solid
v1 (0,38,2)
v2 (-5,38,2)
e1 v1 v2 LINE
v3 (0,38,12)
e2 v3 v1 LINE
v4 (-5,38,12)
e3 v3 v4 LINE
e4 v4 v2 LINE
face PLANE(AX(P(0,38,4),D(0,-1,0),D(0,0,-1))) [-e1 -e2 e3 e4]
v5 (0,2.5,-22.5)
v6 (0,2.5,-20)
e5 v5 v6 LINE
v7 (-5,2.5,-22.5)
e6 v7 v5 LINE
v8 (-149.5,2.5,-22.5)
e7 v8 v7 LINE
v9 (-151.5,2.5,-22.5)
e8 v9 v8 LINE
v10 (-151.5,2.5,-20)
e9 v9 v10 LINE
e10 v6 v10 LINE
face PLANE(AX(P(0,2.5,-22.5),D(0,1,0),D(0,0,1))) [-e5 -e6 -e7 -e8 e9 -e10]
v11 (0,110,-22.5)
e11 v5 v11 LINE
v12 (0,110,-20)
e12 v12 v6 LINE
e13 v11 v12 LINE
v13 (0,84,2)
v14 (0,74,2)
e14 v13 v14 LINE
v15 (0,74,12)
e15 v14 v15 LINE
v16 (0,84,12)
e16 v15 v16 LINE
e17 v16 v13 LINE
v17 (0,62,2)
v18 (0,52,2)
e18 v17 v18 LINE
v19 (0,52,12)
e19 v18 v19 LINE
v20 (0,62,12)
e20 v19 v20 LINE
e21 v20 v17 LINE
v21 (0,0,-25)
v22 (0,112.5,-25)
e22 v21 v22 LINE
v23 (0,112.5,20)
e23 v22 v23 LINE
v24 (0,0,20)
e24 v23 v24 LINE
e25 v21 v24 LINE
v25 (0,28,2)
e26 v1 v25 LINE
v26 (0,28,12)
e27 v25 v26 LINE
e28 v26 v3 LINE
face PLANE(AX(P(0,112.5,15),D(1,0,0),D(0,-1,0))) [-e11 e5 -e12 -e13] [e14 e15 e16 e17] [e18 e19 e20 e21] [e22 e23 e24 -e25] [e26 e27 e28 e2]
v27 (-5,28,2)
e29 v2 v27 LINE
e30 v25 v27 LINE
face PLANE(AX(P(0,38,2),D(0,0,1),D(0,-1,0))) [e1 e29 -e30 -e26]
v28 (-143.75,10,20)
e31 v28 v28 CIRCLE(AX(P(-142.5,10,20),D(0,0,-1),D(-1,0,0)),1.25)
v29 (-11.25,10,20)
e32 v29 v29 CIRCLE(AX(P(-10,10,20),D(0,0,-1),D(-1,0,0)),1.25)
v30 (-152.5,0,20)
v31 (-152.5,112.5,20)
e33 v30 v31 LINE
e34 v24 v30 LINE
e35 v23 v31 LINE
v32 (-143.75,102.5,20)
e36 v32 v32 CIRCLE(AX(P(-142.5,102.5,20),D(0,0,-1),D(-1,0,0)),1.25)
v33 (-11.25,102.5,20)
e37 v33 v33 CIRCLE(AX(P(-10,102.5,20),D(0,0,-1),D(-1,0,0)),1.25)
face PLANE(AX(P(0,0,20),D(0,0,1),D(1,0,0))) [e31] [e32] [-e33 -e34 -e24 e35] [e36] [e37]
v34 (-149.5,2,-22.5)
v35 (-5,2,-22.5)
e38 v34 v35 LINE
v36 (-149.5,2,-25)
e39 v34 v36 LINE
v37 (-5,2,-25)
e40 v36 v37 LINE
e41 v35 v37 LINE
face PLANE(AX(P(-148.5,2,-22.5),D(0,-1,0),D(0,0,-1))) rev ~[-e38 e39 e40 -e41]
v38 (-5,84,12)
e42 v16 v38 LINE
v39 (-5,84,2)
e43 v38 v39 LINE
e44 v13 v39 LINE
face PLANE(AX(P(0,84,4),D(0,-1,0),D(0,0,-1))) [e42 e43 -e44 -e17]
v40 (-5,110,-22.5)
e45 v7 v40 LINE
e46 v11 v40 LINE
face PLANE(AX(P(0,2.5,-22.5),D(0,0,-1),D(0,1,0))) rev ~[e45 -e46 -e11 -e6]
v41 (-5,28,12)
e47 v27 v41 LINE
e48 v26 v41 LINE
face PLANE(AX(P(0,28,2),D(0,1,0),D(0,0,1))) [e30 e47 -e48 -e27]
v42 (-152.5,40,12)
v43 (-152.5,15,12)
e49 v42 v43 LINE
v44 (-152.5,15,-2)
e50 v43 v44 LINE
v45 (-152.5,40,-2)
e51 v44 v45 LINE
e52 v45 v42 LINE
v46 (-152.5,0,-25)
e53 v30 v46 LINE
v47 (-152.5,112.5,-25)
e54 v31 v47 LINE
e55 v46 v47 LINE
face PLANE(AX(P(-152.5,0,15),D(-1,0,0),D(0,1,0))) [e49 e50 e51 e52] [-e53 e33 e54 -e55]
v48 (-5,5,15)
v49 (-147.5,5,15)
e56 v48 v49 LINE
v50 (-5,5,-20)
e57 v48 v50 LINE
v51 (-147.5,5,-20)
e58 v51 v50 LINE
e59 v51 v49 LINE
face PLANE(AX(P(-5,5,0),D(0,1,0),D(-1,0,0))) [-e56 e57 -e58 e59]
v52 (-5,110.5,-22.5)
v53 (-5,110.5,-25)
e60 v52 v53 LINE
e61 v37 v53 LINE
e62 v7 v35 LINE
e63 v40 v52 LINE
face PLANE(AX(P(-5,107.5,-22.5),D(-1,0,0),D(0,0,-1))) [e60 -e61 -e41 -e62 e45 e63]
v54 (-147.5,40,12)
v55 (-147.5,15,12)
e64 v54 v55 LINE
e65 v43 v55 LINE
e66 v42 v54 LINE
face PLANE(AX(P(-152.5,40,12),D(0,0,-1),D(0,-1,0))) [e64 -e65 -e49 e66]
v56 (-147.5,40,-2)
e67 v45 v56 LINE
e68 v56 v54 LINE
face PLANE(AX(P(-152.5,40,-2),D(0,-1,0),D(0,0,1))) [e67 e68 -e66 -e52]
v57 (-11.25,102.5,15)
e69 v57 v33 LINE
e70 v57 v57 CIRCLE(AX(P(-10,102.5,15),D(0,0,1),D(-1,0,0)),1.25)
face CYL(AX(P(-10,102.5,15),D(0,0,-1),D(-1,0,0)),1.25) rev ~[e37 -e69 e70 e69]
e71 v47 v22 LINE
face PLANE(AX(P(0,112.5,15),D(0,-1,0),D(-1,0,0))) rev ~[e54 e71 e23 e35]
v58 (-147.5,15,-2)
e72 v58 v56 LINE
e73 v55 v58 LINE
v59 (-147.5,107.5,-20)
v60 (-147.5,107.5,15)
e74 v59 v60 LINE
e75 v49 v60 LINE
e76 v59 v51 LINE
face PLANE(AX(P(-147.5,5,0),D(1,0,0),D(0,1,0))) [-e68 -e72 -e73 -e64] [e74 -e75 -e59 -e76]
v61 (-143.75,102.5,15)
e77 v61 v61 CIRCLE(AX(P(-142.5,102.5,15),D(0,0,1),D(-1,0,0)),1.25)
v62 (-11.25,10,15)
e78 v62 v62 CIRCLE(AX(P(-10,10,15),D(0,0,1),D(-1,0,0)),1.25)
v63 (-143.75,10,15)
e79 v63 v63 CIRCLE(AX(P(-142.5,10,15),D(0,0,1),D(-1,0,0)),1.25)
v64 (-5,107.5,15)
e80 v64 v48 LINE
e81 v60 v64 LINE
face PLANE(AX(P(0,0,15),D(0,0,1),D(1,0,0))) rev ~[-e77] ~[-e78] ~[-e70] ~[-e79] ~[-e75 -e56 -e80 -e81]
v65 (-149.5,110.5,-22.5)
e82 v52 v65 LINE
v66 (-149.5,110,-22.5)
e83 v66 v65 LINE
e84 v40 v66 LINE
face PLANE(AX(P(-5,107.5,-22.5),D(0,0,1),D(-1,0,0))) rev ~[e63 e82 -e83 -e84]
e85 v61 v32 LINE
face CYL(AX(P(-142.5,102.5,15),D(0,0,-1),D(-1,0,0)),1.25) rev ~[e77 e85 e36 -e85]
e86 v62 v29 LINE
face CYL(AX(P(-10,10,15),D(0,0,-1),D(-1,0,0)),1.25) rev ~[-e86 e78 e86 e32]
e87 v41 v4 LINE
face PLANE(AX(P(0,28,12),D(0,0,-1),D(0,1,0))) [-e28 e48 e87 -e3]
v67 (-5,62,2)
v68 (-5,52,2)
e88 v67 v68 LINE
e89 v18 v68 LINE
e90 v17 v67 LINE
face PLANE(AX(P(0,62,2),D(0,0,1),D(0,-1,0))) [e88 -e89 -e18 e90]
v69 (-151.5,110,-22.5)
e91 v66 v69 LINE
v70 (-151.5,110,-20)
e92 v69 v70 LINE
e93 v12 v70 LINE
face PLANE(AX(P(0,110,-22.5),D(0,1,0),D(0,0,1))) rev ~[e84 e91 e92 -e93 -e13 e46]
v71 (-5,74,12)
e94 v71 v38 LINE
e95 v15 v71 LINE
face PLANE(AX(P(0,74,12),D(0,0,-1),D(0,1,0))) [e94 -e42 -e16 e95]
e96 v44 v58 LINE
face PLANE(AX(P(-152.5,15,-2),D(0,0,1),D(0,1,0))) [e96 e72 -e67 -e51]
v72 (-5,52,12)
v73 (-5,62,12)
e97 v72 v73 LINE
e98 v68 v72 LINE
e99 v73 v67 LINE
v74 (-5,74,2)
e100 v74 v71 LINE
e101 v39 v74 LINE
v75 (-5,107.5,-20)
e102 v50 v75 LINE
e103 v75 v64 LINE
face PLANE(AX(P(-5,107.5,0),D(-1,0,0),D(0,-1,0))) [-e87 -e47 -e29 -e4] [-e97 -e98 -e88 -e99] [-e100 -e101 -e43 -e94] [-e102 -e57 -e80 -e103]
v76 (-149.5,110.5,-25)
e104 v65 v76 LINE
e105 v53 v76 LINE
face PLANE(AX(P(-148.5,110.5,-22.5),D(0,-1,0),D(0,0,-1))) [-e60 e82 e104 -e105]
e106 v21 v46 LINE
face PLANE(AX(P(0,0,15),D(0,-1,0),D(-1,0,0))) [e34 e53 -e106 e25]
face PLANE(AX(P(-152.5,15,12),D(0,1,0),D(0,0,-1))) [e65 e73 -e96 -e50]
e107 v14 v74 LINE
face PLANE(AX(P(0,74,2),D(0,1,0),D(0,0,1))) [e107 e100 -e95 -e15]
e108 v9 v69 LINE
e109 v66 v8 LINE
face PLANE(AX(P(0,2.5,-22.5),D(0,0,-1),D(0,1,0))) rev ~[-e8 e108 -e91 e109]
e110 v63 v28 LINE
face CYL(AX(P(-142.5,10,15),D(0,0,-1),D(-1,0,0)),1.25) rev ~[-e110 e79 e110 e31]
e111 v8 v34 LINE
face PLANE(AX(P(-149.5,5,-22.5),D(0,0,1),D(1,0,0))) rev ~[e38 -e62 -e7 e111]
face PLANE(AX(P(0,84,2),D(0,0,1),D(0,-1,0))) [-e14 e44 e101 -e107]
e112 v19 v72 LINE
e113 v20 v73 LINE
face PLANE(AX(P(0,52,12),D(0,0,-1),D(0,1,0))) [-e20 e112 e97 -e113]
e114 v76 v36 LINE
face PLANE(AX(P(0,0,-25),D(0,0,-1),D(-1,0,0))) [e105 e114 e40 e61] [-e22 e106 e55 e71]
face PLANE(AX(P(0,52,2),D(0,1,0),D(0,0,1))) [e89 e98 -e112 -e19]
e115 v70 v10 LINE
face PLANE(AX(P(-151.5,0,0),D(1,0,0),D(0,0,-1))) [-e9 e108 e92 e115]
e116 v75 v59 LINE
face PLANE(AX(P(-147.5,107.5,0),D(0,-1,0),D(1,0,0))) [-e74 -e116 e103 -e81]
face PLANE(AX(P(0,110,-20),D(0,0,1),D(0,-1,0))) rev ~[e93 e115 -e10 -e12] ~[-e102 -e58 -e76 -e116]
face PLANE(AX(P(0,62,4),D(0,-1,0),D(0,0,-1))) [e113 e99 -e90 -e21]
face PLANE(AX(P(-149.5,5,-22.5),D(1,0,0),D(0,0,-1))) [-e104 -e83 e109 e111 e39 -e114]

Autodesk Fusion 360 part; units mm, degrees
sketch "Sketch1" plane through (0, 0, 0) normal (0, 0, 1) x (1, 0, 0)
  line L0 (0, 0) -> (-152.5, 0)
  line L1 (-152.5, 0) -> (-152.5, 112.5)
  line L2 (-152.5, 112.5) -> (0, 112.5)
  line L3 (0, 112.5) -> (0, 0)
  line L4 (-152.5, 112.5) -> (-147.5, 112.5)
  line L5 (0, 0) -> (0, 5)
  line L6 (-147.5, 107.5) -> (-5, 107.5)
  line L7 (-5, 107.5) -> (-5, 5)
  line L8 (-5, 5) -> (-147.5, 5)
  line L9 (-147.5, 5) -> (-147.5, 107.5)
  dimension "d1" = 152.5
  dimension "d2" = 112.5
  dimension "d3" = 5
  dimension "d4" = 5
  dimension "d5" = 5
  dimension "d6" = 5
extrude "Extrude1" add sketch "Sketch1" along normal blind 5 contours L0 L1 L2 L3 L4 L5 | L6 L7 L8 L9
sketch "Sketch2" plane through (0, 0, 0) normal (0, 0, -1) x (-1, 0, 0)
  line L0 (0, 0) -> (152.5, 0)
  line L1 (152.5, 0) -> (152.5, 112.5)
  line L2 (152.5, 112.5) -> (0, 112.5)
  line L3 (0, 112.5) -> (0, 0)
  line L4 (152.5, 112.5) -> (147.5, 112.5)
  line L5 (147.5, 112.5) -> (147.5, 107.5)
  line L6 (0, 0) -> (0, 5)
  line L7 (0, 5) -> (5, 5)
  line L8 (147.5, 107.5) -> (5, 107.5)
  line L9 (5, 107.5) -> (5, 5)
  line L10 (5, 5) -> (147.5, 5)
  line L11 (147.5, 5) -> (147.5, 107.5)
  dimension "d9" = 5
  dimension "d10" = 5
  dimension "d11" = 5
extrude "Extrude2" add sketch "Sketch2" along normal blind 25 contours L0 L1 L2 L3 L4 L5 L6 L7 L10 L11 | L2 L3 L5 L7 L8 L9
sketch "Sketch3" plane through (0, 0, 0) normal (1, 0, 0) x (0, 0, -1)
  line L0 (25, 112.5) -> (-5, 112.5)
  line L1 (-5, 112.5) -> (-5, 0)
  line L2 (-5, 0) -> (25, 0)
  line L3 (25, 0) -> (25, 112.5)
  line L4 (-5, 0) -> (-5, 20)
  line L5 (-5, 20) -> (-5, 45)
  line L6 (-5, 45) -> (-5, 70)
  line L7 (-5, 70) -> (10, 70)
  line L8 (-5, 45) -> (10, 45)
  line L9 (-5, 20) -> (10, 20)
  line L10 (10, 70) -> (10, 75)
  line L11 (10, 70) -> (10, 65)
  line L12 (10, 45) -> (10, 50)
  line L13 (10, 45) -> (10, 40)
  line L14 (10, 20) -> (10, 25)
  line L15 (10, 20) -> (10, 15)
  line L16 (10, 75) -> (5, 75)
  line L17 (10, 65) -> (15, 65)
  line L18 (10, 50) -> (5, 50)
  line L19 (10, 40) -> (15, 40)
  line L20 (10, 25) -> (5, 25)
  line L21 (10, 15) -> (15, 15)
  line L22 (5, 75) -> (15, 75)
  line L23 (15, 75) -> (15, 65)
  line L24 (15, 65) -> (5, 65)
  line L25 (5, 65) -> (5, 75)
  line L26 (5, 50) -> (15, 50)
  line L27 (15, 50) -> (15, 40)
  line L28 (15, 40) -> (5, 40)
  line L29 (5, 40) -> (5, 50)
  line L30 (5, 25) -> (15, 25)
  line L31 (15, 25) -> (15, 15)
  line L32 (15, 15) -> (5, 15)
  line L33 (5, 15) -> (5, 25)
  dimension "d14" = 25
  dimension "d15" = 5
  dimension "d16" = 5
  dimension "d17" = 5
  dimension "d18" = 5
  dimension "d19" = 5
  dimension "d20" = 5
  dimension "d21" = 5
  dimension "d22" = 5
  dimension "d23" = 5
  dimension "d24" = 5
extrude "Extrude3" cut sketch "Sketch3" against normal blind 10 contours L7 L10 L16 L22 L25 | L7 L11 L24 L25 | L8 L12 L18 L26 L29 | L8 L13 L28 L29 | L9 L14 L20 L30 L33 | L9 L15 L32 L33 | L10 L11 L17 L22 L23 L24 | L12 L13 L19 L26 L27 L28 | L14 L15 L21 L30 L31 L32
sketch "Sketch4" plane through (0, 0, 0) normal (0, 0, -1) x (-1, 0, 0)
  line L0 (147.5, 107.5) -> (5, 107.5)
  line L1 (5, 107.5) -> (5, 5)
  line L2 (5, 5) -> (147.5, 5)
  line L3 (147.5, 5) -> (147.5, 107.5)
  line L4 (5, 107.5) -> (5, 102.5)
  line L5 (5, 5) -> (5, 10)
  line L6 (10, 10) -> (142.5, 10)
  line L7 (10, 102.5) -> (142.5, 102.5)
  line L8 (142.5, 102.5) -> (142.5, 10)
  line L9 (10, 102.5) -> (10, 10)
  circle A0 centre (10, 102.5) radius 1.25
  circle A1 centre (10, 10) radius 1.25
  circle A2 centre (142.5, 10) radius 1.25
  circle A3 centre (142.5, 102.5) radius 1.25
  dimension "d27" = 5
  dimension "d28" = 132.5
  dimension "d29" = 132.5
  dimension "d30" = 2.5
  dimension "d31" = 2.5
  dimension "d32" = 2.5
  dimension "d33" = 2.5
extrude "Extrude4" cut sketch "Sketch4" against normal blind 20 contours L6 L9 A1 | L6 L9 A1 | L6 L8 A2 | L6 L8 A2 | L7 L9 A0 | L7 L9 A0 | L7 L8 A3 | L7 L8 A3
extrude "Extrude5" add 1 faces at (-54.5498, 41.1167, 5) along direction (0, 0, 1) blind 10
sketch "Sketch5" plane through (0, 0, 0) normal (1, 0, 0) x (0, 0, -1)
  line L0 (15, 25) -> (15, 15)
  line L1 (15, 15) -> (5, 15)
  line L2 (5, 15) -> (5, 25)
  line L3 (5, 25) -> (15, 25)
  line L4 (15, 50) -> (15, 40)
  line L5 (15, 40) -> (5, 40)
  line L6 (5, 40) -> (5, 50)
  line L7 (5, 50) -> (15, 50)
  line L8 (15, 75) -> (15, 65)
  line L9 (15, 65) -> (5, 65)
  line L10 (5, 65) -> (5, 75)
  line L11 (5, 75) -> (15, 75)
  line L12 (25, 112.5) -> (-15, 112.5)
  line L13 (-15, 112.5) -> (-15, 0)
  line L14 (-15, 0) -> (25, 0)
  line L15 (25, 0) -> (25, 112.5)
  line L16 (25, 112.5) -> (22.5, 112.5)
  line L17 (22.5, 112.5) -> (22.5, 110)
  line L18 (25, 0) -> (22.5, 0)
  line L19 (22.5, 0) -> (22.5, 2.5)
  line L20 (22.5, 110) -> (20, 110)
  line L21 (22.5, 2.5) -> (20, 2.5)
  line L22 (22.5, 110) -> (20, 110)
  line L23 (20, 110) -> (20, 2.5)
  line L24 (20, 2.5) -> (22.5, 2.5)
  line L25 (22.5, 2.5) -> (22.5, 110)
  dimension "d38" = 2.5
  dimension "d39" = 2.5
  dimension "d40" = 2.5
extrude "Extrude6" cut sketch "Sketch5" against normal blind 150.5 contours L20 L21 L22 L23 L24 L25
extrude "Extrude7" cut 1 faces at (-147.5, 39.1667, -23.3333) along direction (-1, 0, 0) blind 1
extrude "Extrude8" cut 1 faces at (-148.5, 39.1667, -23.3333) along direction (-1, 0, 0) blind 1
extrude "Extrude9" cut 1 faces at (-150.5, 74.1667, -20.8333) along direction (-1, 0, 0) blind 1
extrude "Extrude10" cut 1 faces at (-101.3333, 107.5, -23.3333) along direction (0, 1, 0) blind 3
extrude "Extrude11" cut 1 faces at (-53.1667, 5, -24.1667) along direction (0, -1, 0) blind 3
extrude "Extrude12" add 1 faces at (-54.5498, 41.1167, 15) along direction (0, 0, 1) blind 5
extrude "Extrude13" cut 1 faces at (-54.5555, 41.0963, 0) along direction (0, 0, 1) blind 15
sketch "Sketch6" plane through (0, 0, 0) normal (1, 0, 0) x (0, 0, -1)
  line L0 (20, 110) -> (22.5, 110)
  line L1 (22.5, 110) -> (22.5, 2.5)
  line L2 (22.5, 2.5) -> (20, 2.5)
  line L3 (20, 2.5) -> (20, 110)
  line L4 (15, 25) -> (15, 15)
  line L5 (15, 15) -> (5, 15)
  line L6 (5, 15) -> (5, 25)
  line L7 (5, 25) -> (15, 25)
  line L8 (15, 50) -> (15, 40)
  line L9 (15, 40) -> (5, 40)
  line L10 (5, 40) -> (5, 50)
  line L11 (5, 50) -> (15, 50)
  line L12 (15, 75) -> (15, 65)
  line L13 (15, 65) -> (5, 65)
  line L14 (5, 65) -> (5, 75)
  line L15 (5, 75) -> (15, 75)
  line L16 (25, 112.5) -> (-20, 112.5)
  line L17 (-20, 112.5) -> (-20, 0)
  line L18 (-20, 0) -> (25, 0)
  line L19 (25, 0) -> (25, 112.5)
sketch "Sketch7" plane through (0, 0, 0) normal (1, 0, 0) x (0, 0, -1)
sketch "Sketch8" plane through (0, 0, 0) normal (1, 0, 0) x (0, 0, -1)
  line L0 (-14, 84) -> (-4, 84)
  line L1 (-4, 84) -> (-4, 74)
  line L2 (-4, 74) -> (-14, 74)
  line L3 (-14, 74) -> (-14, 84)
  line L4 (-14, 62) -> (-4, 62)
  line L5 (-4, 62) -> (-4, 52)
  line L6 (-4, 52) -> (-14, 52)
  line L7 (-14, 52) -> (-14, 62)
  line L8 (-14, 38) -> (-4, 38)
  line L9 (-4, 38) -> (-4, 28)
  line L10 (-4, 28) -> (-14, 28)
  line L11 (-14, 28) -> (-14, 38)
extrude "Extrude14" add sketch "Sketch6" against normal blind 5 contours L4 L5 L6 L7 | L8 L9 L10 L11 | L12 L13 L14 L15
extrude "Extrude15" cut sketch "Sketch8" against normal blind 5
sketch "Sketch9" plane through (-152.5, 0, 0) normal (-1, 0, 0) x (0, 0, 1)
  line L0 (-25, 0) -> (20, 0)
  line L1 (20, 0) -> (20, 112.5)
  line L2 (20, 112.5) -> (-25, 112.5)
  line L3 (-25, 112.5) -> (-25, 0)
  line L4 (12, 15) -> (-2, 15)
  line L5 (-2, 15) -> (-2, 40)
  line L6 (-2, 40) -> (12, 40)
  line L7 (12, 40) -> (12, 15)
extrude "Extrude16" cut sketch "Sketch9" against normal blind 5 contours L4 L5 L6 L7
sketch "Sketch10" plane through (0, 0, 0) normal (1, 0, 0) x (0, 0, -1)
  line L0 (-4, 84) -> (-4, 74)
  line L1 (-4, 74) -> (-14, 74)
  line L2 (-14, 74) -> (-14, 84)
  line L3 (-14, 84) -> (-4, 84)
  line L4 (-4, 62) -> (-4, 52)
  line L5 (-4, 52) -> (-14, 52)
  line L6 (-14, 52) -> (-14, 62)
  line L7 (-14, 62) -> (-4, 62)
  line L8 (-4, 38) -> (-4, 28)
  line L9 (-4, 28) -> (-14, 28)
  line L10 (-14, 28) -> (-14, 38)
  line L11 (-14, 38) -> (-4, 38)
  line L12 (20, 110) -> (22.5, 110)
  line L13 (22.5, 110) -> (22.5, 2.5)
  line L14 (22.5, 2.5) -> (20, 2.5)
  line L15 (20, 2.5) -> (20, 110)
  line L16 (25, 112.5) -> (-20, 112.5)
  line L17 (-20, 112.5) -> (-20, 0)
  line L18 (-20, 0) -> (25, 0)
  line L19 (25, 0) -> (25, 112.5)
  line L20 (-4, 84) -> (-2, 84)
  line L21 (-2, 84) -> (-2, 74)
  line L22 (-2, 74) -> (-4, 74)
  line L23 (-4, 74) -> (-4, 84)
  line L24 (-4, 62) -> (-2, 62)
  line L25 (-2, 62) -> (-2, 52)
  line L26 (-2, 52) -> (-4, 52)
  line L27 (-4, 52) -> (-4, 62)
  line L28 (-4, 38) -> (-2, 38)
  line L29 (-2, 38) -> (-2, 28)
  line L30 (-2, 28) -> (-4, 28)
  line L31 (-4, 28) -> (-4, 38)
  line L32 (-14, 28) -> (-12, 28)
  line L33 (-12, 28) -> (-12, 84)
  line L34 (-12, 84) -> (-14, 84)
  line L35 (-14, 84) -> (-14, 28)
extrude "Extrude17" add sketch "Sketch10" against normal blind 5 contours L1 L2 L3 L33 L34 L35 | L5 L6 L7 L33 L35 | L9 L10 L11 L32 L33 L35
sketch "Sketch11" plane through (0, 0, 0) normal (1, 0, 0) x (0, 0, -1)
  line L0 (-4, 84) -> (-4, 74)
  line L1 (-4, 74) -> (-12, 74)
  line L2 (-12, 74) -> (-12, 84)
  line L3 (-12, 84) -> (-4, 84)
  line L4 (-4, 62) -> (-4, 52)
  line L5 (-4, 52) -> (-12, 52)
  line L6 (-12, 52) -> (-12, 62)
  line L7 (-12, 62) -> (-4, 62)
  line L8 (-4, 38) -> (-4, 28)
  line L9 (-4, 28) -> (-12, 28)
  line L10 (-12, 28) -> (-12, 38)
  line L11 (-12, 38) -> (-4, 38)
  line L12 (20, 110) -> (22.5, 110)
  line L13 (22.5, 110) -> (22.5, 2.5)
  line L14 (22.5, 2.5) -> (20, 2.5)
  line L15 (20, 2.5) -> (20, 110)
  line L16 (25, 112.5) -> (-20, 112.5)
  line L17 (-20, 112.5) -> (-20, 0)
  line L18 (-20, 0) -> (25, 0)
  line L19 (25, 0) -> (25, 112.5)
  line L20 (-4, 62) -> (-2, 62)
  line L21 (-2, 62) -> (-2, 52)
  line L22 (-2, 52) -> (-4, 52)
  line L23 (-4, 52) -> (-4, 62)
  line L24 (-4, 38) -> (-2, 38)
  line L25 (-2, 38) -> (-2, 28)
  line L26 (-2, 28) -> (-4, 28)
  line L27 (-4, 28) -> (-4, 38)
  line L28 (-4, 84) -> (-2, 84)
  line L29 (-2, 84) -> (-2, 74)
  line L30 (-2, 74) -> (-4, 74)
  line L31 (-4, 74) -> (-4, 84)
extrude "Extrude18" cut sketch "Sketch11" against normal blind 5 contours L0 L28 L29 L30 L31 | L4 L20 L21 L22 L23 | L8 L24 L25 L26 L27
